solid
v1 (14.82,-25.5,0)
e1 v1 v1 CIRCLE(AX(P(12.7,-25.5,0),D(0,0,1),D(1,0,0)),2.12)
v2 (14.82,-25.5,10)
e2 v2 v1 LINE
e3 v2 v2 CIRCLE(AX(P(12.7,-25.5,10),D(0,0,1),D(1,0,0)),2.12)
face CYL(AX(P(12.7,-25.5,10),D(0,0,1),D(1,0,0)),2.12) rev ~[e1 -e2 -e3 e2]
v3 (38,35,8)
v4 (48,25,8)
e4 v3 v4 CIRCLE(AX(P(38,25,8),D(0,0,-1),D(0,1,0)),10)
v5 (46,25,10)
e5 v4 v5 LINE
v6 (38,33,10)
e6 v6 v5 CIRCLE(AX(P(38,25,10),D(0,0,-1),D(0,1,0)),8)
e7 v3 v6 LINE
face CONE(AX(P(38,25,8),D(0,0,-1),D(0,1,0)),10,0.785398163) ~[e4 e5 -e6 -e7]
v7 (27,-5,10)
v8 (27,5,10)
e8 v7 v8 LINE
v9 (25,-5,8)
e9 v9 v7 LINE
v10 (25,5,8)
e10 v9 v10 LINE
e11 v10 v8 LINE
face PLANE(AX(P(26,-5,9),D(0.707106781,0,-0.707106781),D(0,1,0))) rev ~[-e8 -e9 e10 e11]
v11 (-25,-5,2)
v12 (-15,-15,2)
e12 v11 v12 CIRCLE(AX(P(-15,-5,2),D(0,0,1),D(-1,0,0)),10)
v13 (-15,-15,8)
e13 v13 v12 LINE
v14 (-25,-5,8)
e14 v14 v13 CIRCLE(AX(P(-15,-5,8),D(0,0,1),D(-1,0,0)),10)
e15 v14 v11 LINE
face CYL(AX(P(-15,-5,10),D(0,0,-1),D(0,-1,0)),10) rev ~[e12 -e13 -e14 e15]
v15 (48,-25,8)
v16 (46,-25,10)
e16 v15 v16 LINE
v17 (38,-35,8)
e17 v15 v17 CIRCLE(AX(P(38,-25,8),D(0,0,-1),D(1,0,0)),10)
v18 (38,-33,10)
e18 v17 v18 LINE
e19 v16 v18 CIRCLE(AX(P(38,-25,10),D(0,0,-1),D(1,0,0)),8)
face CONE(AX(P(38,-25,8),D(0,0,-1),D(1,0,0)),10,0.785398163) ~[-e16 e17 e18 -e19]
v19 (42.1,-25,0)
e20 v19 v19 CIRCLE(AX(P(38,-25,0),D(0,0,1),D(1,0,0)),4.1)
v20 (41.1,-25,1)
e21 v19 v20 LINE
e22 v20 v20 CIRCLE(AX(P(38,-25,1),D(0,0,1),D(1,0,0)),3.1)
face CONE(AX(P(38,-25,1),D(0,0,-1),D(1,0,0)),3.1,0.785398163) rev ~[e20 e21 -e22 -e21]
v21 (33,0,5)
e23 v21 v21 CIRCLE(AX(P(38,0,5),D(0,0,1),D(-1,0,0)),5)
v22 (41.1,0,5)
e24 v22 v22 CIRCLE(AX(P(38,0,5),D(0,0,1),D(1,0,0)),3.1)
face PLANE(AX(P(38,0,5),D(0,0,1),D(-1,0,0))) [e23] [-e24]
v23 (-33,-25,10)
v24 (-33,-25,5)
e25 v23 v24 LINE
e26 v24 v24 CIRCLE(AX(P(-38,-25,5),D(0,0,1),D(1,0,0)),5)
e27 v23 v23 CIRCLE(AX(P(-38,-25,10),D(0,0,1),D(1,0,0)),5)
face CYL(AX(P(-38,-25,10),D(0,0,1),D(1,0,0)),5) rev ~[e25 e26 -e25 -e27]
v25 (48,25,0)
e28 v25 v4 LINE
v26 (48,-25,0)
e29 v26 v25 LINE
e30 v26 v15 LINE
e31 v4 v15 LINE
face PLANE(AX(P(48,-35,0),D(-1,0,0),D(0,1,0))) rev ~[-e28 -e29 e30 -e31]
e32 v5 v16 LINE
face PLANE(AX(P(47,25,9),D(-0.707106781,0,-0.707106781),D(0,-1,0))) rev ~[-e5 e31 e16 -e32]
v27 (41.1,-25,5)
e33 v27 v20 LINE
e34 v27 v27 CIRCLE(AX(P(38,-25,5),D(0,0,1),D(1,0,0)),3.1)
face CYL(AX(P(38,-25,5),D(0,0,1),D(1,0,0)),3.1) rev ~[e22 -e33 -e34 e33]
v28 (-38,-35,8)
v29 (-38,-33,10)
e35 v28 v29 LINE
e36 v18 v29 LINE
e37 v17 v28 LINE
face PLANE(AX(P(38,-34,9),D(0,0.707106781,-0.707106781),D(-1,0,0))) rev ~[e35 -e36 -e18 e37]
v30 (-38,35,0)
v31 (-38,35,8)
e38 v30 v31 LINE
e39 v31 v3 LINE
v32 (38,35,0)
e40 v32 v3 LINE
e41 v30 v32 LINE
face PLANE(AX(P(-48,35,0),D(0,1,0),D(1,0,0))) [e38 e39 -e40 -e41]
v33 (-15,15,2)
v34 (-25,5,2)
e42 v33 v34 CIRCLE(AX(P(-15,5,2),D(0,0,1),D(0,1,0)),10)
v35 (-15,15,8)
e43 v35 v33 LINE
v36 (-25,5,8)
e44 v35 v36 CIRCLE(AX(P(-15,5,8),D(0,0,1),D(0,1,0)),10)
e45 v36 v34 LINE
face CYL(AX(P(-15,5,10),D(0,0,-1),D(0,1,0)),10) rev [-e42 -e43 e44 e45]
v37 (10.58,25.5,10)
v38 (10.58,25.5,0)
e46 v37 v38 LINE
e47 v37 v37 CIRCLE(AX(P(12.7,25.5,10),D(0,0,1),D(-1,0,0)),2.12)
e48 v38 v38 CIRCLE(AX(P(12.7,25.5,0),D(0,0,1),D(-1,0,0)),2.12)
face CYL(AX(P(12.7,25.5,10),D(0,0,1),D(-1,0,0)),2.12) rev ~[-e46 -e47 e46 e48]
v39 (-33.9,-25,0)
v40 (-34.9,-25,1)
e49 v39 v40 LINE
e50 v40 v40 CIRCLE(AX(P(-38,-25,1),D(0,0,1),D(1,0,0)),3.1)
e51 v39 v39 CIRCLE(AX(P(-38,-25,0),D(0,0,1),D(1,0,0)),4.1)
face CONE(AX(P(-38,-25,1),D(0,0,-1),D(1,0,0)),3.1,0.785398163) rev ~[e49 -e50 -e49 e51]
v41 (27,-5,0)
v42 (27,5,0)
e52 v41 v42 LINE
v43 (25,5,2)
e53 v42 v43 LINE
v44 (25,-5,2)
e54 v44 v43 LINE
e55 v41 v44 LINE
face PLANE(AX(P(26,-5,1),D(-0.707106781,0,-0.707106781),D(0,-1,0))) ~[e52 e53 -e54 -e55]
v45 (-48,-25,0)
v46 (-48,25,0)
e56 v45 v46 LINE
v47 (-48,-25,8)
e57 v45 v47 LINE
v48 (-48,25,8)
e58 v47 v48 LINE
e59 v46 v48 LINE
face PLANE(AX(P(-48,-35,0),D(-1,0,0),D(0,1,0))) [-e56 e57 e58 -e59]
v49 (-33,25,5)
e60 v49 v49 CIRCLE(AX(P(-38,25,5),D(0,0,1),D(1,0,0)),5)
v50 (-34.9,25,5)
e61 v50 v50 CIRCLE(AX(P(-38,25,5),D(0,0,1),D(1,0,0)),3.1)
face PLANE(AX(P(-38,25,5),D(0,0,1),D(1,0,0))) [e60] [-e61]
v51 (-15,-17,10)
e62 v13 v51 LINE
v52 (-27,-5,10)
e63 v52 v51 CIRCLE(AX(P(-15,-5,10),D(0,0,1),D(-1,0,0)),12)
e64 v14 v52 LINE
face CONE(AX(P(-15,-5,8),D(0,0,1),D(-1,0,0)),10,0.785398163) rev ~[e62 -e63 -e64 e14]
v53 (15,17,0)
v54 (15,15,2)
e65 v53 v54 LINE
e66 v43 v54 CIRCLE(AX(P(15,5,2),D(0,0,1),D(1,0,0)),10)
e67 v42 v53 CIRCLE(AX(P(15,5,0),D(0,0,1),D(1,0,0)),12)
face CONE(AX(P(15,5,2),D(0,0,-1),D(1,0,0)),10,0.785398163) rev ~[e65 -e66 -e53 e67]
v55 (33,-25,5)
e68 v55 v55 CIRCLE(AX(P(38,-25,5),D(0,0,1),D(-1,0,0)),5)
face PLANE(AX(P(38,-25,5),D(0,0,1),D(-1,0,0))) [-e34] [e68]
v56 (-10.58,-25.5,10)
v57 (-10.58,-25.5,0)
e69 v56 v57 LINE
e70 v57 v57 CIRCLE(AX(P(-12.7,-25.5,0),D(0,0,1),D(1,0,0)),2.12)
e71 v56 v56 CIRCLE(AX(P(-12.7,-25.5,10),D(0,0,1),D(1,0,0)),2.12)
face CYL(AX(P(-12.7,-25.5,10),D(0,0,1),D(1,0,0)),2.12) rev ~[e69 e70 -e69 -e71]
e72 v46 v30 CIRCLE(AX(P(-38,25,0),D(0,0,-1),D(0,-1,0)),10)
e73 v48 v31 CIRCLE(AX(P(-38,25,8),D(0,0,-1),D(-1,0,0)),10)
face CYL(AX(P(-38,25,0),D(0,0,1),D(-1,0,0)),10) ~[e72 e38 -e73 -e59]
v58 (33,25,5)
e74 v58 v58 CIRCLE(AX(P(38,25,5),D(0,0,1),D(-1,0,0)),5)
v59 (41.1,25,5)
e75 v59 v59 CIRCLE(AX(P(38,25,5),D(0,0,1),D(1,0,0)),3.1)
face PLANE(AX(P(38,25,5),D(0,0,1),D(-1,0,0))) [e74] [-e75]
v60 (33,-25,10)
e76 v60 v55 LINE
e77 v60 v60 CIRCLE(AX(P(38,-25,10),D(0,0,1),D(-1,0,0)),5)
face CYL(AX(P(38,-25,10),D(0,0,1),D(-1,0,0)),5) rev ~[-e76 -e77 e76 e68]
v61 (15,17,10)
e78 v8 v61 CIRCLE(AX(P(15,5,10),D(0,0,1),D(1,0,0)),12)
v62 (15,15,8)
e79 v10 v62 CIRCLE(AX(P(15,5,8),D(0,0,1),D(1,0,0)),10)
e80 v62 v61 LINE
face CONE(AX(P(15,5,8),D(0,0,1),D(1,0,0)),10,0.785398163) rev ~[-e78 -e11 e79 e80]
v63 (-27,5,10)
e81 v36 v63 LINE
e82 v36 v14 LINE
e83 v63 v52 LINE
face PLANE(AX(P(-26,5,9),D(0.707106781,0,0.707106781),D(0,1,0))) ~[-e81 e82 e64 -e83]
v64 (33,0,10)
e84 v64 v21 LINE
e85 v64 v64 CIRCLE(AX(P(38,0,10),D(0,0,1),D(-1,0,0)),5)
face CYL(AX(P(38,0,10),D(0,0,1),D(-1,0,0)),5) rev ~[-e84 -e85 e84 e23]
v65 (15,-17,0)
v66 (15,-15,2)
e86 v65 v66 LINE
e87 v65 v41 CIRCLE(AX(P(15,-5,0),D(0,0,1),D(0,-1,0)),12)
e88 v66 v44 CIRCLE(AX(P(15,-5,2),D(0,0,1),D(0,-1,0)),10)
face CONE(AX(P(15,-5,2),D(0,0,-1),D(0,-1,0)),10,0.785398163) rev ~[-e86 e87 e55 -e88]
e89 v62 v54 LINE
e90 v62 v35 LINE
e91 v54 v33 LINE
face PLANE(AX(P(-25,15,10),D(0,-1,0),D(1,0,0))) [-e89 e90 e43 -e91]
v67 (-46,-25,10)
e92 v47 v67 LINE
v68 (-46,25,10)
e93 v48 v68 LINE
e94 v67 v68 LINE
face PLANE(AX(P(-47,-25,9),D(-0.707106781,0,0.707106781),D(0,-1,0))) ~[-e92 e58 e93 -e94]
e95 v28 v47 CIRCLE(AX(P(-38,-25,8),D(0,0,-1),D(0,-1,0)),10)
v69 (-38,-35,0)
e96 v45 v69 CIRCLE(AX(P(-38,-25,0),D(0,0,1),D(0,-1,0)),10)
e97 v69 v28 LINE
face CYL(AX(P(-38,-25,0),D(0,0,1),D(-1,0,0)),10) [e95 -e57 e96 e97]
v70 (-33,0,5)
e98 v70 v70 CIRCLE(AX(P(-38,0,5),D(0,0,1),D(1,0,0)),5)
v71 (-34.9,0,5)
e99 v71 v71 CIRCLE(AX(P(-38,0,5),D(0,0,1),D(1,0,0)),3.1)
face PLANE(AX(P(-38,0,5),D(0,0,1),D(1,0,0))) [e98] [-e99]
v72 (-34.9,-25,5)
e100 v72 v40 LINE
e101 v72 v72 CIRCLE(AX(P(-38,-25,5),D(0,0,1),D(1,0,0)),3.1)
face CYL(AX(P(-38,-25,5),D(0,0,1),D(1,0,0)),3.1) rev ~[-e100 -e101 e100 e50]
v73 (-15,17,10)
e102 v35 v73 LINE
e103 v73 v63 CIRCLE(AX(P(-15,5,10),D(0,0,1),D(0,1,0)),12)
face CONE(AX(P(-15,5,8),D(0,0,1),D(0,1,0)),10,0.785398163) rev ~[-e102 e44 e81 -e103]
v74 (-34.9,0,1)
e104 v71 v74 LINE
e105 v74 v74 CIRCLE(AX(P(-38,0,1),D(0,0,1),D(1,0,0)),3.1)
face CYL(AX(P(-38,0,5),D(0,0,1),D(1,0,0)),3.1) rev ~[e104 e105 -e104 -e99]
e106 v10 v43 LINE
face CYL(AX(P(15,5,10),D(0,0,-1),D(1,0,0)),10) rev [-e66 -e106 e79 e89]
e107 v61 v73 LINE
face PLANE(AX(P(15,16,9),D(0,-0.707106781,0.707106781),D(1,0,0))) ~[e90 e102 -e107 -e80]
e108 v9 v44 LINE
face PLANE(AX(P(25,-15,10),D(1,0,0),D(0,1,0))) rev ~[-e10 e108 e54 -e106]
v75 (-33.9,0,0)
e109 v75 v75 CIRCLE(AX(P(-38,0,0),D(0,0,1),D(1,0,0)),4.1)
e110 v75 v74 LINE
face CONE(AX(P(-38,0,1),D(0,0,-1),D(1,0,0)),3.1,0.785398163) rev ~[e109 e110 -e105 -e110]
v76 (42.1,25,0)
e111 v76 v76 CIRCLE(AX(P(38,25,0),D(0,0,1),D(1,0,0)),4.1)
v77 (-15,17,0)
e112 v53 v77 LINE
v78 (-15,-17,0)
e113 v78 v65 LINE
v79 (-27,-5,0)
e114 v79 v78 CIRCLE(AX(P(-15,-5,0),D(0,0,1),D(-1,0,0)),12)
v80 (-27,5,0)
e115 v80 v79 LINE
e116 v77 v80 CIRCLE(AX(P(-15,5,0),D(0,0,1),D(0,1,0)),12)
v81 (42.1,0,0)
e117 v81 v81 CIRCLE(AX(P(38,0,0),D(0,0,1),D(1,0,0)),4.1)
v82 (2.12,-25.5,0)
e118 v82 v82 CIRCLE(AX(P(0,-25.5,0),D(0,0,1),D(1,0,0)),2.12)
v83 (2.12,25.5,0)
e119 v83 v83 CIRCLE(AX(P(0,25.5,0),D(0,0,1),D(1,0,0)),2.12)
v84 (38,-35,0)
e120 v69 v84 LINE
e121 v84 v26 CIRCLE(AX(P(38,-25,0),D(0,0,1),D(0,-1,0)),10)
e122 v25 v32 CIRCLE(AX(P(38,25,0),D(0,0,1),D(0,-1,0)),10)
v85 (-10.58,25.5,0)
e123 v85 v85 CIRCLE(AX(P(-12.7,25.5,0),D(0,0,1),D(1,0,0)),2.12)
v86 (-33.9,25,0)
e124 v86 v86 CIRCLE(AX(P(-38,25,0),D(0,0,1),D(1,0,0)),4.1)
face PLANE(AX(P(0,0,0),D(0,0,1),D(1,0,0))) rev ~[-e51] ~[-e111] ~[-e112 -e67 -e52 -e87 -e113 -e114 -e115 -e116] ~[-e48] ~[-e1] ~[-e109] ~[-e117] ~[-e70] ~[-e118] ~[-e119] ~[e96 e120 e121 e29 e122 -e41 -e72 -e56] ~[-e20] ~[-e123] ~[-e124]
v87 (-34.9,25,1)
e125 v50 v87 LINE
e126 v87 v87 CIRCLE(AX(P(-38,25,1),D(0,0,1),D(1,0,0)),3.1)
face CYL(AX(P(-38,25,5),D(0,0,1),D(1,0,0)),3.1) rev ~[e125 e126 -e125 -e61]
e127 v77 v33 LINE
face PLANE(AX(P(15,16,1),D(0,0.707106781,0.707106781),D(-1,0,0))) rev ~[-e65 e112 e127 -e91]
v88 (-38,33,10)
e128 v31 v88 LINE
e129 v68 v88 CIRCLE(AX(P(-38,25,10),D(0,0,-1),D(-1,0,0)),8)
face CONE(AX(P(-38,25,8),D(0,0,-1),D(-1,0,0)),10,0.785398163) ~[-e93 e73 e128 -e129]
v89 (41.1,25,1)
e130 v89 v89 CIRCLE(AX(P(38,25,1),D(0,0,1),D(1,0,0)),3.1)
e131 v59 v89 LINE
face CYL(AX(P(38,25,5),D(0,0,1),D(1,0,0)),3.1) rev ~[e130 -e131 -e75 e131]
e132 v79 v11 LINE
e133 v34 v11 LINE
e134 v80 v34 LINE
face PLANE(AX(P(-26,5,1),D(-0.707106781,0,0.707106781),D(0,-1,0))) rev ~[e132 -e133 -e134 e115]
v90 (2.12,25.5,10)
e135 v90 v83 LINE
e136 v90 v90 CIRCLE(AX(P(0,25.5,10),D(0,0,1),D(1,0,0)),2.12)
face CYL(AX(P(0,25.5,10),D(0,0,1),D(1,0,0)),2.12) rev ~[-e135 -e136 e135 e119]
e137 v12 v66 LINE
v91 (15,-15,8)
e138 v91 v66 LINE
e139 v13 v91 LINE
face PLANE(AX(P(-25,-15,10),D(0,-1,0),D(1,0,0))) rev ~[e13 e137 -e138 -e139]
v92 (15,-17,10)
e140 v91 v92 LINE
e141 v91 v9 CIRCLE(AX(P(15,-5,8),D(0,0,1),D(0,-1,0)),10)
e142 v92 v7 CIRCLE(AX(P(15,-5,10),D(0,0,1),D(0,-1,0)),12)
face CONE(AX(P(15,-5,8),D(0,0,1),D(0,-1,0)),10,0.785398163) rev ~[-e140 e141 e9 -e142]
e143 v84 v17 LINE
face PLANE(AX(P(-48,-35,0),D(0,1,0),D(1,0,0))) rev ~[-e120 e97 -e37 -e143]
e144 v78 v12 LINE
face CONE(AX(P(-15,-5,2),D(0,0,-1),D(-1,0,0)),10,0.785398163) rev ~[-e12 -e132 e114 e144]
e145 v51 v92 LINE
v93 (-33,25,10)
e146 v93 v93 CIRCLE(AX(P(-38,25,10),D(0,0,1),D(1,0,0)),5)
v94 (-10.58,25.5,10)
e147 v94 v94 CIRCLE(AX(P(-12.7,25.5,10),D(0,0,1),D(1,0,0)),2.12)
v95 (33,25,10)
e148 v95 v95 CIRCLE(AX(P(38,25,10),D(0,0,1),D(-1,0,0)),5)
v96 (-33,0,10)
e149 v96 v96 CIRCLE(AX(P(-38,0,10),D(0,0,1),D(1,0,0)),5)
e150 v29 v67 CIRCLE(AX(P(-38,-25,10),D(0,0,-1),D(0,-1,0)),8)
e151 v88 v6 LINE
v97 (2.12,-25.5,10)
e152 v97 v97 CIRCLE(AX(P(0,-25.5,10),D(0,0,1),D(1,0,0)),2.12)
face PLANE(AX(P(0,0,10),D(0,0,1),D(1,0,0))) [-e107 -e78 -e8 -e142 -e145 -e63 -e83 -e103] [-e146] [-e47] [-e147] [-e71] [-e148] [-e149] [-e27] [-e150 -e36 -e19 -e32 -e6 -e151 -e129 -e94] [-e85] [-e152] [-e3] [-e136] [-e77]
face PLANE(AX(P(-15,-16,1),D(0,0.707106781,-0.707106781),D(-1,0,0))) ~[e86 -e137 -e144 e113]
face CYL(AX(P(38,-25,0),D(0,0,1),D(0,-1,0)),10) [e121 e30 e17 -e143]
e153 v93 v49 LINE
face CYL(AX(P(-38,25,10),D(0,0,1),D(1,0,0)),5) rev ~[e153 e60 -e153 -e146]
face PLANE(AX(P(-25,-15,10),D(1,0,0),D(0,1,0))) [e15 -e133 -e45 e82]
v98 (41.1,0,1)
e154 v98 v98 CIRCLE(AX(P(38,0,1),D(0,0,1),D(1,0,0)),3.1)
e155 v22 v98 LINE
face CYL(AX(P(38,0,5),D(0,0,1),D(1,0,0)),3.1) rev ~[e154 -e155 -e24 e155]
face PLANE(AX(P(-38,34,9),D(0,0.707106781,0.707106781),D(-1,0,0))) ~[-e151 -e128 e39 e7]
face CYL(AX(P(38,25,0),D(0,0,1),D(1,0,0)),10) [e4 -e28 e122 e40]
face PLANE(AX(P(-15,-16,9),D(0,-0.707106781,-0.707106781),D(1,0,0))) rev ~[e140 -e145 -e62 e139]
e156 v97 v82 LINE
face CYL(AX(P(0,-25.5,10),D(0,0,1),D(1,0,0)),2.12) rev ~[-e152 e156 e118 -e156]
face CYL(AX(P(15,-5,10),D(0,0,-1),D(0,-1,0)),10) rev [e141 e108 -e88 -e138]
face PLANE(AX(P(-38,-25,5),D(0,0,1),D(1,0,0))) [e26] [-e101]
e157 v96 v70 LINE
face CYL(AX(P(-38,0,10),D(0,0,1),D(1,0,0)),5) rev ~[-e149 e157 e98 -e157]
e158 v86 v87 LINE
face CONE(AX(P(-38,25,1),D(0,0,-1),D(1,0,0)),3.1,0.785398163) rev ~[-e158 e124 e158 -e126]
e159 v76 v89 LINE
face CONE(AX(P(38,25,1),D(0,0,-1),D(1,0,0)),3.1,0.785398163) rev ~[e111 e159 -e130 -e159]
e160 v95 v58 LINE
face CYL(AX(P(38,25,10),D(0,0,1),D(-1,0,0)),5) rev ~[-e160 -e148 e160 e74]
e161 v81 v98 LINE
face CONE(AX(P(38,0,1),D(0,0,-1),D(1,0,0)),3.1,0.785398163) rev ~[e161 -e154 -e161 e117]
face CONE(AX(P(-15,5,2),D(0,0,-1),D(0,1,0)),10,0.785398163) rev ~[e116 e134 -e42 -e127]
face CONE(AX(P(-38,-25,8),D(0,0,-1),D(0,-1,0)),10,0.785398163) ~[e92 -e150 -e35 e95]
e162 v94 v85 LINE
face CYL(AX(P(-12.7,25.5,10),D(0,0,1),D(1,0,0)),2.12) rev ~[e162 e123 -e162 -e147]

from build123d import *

# Parameters (mm, degrees)
SKETCH_1_W          = 96
SKETCH_1_H          = 70
EXTRUDE_1_DEPTH     = 10
FILLET_1_R          = 10
SKETCH_2_R          = 2.12
CUT_EXTRUDE_1_DEPTH = 10
SKETCH_3_R          = 5
CUT_EXTRUDE_2_DEPTH = 5
SKETCH_4_R          = 3.1
CUT_EXTRUDE_3_DEPTH = 5
CHAMFER_1_SIZE      = 1
CHAMFER_2_SIZE      = 2
SKETCH_5_W          = 50
SKETCH_5_H          = 30
CUT_EXTRUDE_4_DEPTH = 10
FILLET_2_R          = 10
CHAMFER_3_SIZE      = 2


with BuildPart() as part:
    # 草图1 → 凸台-拉伸1 (new body)
    with BuildSketch(Plane.XY):
        Rectangle(SKETCH_1_W, SKETCH_1_H)
    extrude(amount=EXTRUDE_1_DEPTH)

    # 圆角1
    fillet_1_edges = [part.edges().sort_by_distance(p)[0] for p in [
        (48, -35, 5),
        (-48, -35, 5),
        (-48, 35, 5),
        (48, 35, 5),
    ]]
    fillet(fillet_1_edges, radius=FILLET_1_R)

    # 草图2 → 切除-拉伸1 (cut)
    with BuildSketch(Plane.XY.offset(10)):
        with Locations((0, 25.5)):
            Circle(SKETCH_2_R)
        with Locations((-12.7, 25.5)):
            Circle(SKETCH_2_R)
        with Locations(Location((12.7, 25.5, 0), (0, 0, 180))):
            Circle(SKETCH_2_R)
        with Locations((-12.7, -25.5)):
            Circle(SKETCH_2_R)
        with Locations((0, -25.5)):
            Circle(SKETCH_2_R)
        with Locations((12.7, -25.5)):
            Circle(SKETCH_2_R)
    extrude(amount=-CUT_EXTRUDE_1_DEPTH, mode=Mode.SUBTRACT)

    # 草图3 → 切除-拉伸2 (cut)
    with BuildSketch(Plane.XY.offset(10)):
        with Locations((-38, 25)):
            Circle(SKETCH_3_R)
        with Locations((-38, 0)):
            Circle(SKETCH_3_R)
        with Locations((-38, -25)):
            Circle(SKETCH_3_R)
        with Locations(Location((38, -25, 0), (0, 0, 180))):
            Circle(SKETCH_3_R)
        with Locations(Location((38, 0, 0), (0, 0, 180))):
            Circle(SKETCH_3_R)
        with Locations(Location((38, 25, 0), (0, 0, 180))):
            Circle(SKETCH_3_R)
    extrude(amount=-CUT_EXTRUDE_2_DEPTH, mode=Mode.SUBTRACT)

    # 草图4 → 切除-拉伸3 (cut)
    with BuildSketch(Plane.XY.offset(5)):
        with Locations((-38, 25)):
            Circle(SKETCH_4_R)
        with Locations((-38, 0)):
            Circle(SKETCH_4_R)
        with Locations((-38, -25)):
            Circle(SKETCH_4_R)
        with Locations((38, 25)):
            Circle(SKETCH_4_R)
        with Locations((38, 0)):
            Circle(SKETCH_4_R)
        with Locations((38, -25)):
            Circle(SKETCH_4_R)
    extrude(amount=-CUT_EXTRUDE_3_DEPTH, mode=Mode.SUBTRACT)

    # 倒角1
    chamfer_1_edges = [part.edges().sort_by_distance(p)[0] for p in [
        (34.9, 0, 0),
        (34.9, -25, 0),
        (-41.1, 25, 0),
        (-41.1, 0, 0),
        (-41.1, -25, 0),
        (34.9, 25, 0),
    ]]
    chamfer(chamfer_1_edges, length=CHAMFER_1_SIZE)

    # 倒角2
    chamfer_2_edges = [part.edges().sort_by_distance(p)[0] for p in [
        (0, 35, 10),
        (48, 0, 10),
        (-48, 0, 10),
        (0, -35, 10),
        (-45.071067812, -32.071067812, 10),
        (45.071067812, -32.071067812, 10),
        (-45.071067812, 32.071067812, 10),
        (45.071067812, 32.071067812, 10),
    ]]
    chamfer(chamfer_2_edges, length=CHAMFER_2_SIZE)

    # 草图5 → 切除-拉伸4 (cut)
    with BuildSketch(Plane.XY.offset(10)):
        Rectangle(SKETCH_5_W, SKETCH_5_H)
    extrude(amount=-CUT_EXTRUDE_4_DEPTH, mode=Mode.SUBTRACT)

    # 圆角2
    fillet_2_edges = [part.edges().sort_by_distance(p)[0] for p in [
        (25, 15, 5),
        (25, -15, 5),
        (-25, -15, 5),
        (-25, 15, 5),
    ]]
    fillet(fillet_2_edges, radius=FILLET_2_R)

    # 倒角3
    chamfer_3_edges = [part.edges().sort_by_distance(p)[0] for p in [
        (25, 0, 10),
        (25, 0, 0),
        (0, -15, 10),
        (0, -15, 0),
        (0, 15, 10),
        (0, 15, 0),
        (-25, 0, 10),
        (-25, 0, 0),
        (22.071067812, -12.071067812, 10),
        (22.071067812, -12.071067812, 0),
        (22.071067812, 12.071067812, 10),
        (22.071067812, 12.071067812, 0),
        (-22.071067812, -12.071067812, 10),
        (-22.071067812, -12.071067812, 0),
        (-22.071067812, 12.071067812, 10),
        (-22.071067812, 12.071067812, 0),
    ]]
    chamfer(chamfer_3_edges, length=CHAMFER_3_SIZE)


solid = part.part
